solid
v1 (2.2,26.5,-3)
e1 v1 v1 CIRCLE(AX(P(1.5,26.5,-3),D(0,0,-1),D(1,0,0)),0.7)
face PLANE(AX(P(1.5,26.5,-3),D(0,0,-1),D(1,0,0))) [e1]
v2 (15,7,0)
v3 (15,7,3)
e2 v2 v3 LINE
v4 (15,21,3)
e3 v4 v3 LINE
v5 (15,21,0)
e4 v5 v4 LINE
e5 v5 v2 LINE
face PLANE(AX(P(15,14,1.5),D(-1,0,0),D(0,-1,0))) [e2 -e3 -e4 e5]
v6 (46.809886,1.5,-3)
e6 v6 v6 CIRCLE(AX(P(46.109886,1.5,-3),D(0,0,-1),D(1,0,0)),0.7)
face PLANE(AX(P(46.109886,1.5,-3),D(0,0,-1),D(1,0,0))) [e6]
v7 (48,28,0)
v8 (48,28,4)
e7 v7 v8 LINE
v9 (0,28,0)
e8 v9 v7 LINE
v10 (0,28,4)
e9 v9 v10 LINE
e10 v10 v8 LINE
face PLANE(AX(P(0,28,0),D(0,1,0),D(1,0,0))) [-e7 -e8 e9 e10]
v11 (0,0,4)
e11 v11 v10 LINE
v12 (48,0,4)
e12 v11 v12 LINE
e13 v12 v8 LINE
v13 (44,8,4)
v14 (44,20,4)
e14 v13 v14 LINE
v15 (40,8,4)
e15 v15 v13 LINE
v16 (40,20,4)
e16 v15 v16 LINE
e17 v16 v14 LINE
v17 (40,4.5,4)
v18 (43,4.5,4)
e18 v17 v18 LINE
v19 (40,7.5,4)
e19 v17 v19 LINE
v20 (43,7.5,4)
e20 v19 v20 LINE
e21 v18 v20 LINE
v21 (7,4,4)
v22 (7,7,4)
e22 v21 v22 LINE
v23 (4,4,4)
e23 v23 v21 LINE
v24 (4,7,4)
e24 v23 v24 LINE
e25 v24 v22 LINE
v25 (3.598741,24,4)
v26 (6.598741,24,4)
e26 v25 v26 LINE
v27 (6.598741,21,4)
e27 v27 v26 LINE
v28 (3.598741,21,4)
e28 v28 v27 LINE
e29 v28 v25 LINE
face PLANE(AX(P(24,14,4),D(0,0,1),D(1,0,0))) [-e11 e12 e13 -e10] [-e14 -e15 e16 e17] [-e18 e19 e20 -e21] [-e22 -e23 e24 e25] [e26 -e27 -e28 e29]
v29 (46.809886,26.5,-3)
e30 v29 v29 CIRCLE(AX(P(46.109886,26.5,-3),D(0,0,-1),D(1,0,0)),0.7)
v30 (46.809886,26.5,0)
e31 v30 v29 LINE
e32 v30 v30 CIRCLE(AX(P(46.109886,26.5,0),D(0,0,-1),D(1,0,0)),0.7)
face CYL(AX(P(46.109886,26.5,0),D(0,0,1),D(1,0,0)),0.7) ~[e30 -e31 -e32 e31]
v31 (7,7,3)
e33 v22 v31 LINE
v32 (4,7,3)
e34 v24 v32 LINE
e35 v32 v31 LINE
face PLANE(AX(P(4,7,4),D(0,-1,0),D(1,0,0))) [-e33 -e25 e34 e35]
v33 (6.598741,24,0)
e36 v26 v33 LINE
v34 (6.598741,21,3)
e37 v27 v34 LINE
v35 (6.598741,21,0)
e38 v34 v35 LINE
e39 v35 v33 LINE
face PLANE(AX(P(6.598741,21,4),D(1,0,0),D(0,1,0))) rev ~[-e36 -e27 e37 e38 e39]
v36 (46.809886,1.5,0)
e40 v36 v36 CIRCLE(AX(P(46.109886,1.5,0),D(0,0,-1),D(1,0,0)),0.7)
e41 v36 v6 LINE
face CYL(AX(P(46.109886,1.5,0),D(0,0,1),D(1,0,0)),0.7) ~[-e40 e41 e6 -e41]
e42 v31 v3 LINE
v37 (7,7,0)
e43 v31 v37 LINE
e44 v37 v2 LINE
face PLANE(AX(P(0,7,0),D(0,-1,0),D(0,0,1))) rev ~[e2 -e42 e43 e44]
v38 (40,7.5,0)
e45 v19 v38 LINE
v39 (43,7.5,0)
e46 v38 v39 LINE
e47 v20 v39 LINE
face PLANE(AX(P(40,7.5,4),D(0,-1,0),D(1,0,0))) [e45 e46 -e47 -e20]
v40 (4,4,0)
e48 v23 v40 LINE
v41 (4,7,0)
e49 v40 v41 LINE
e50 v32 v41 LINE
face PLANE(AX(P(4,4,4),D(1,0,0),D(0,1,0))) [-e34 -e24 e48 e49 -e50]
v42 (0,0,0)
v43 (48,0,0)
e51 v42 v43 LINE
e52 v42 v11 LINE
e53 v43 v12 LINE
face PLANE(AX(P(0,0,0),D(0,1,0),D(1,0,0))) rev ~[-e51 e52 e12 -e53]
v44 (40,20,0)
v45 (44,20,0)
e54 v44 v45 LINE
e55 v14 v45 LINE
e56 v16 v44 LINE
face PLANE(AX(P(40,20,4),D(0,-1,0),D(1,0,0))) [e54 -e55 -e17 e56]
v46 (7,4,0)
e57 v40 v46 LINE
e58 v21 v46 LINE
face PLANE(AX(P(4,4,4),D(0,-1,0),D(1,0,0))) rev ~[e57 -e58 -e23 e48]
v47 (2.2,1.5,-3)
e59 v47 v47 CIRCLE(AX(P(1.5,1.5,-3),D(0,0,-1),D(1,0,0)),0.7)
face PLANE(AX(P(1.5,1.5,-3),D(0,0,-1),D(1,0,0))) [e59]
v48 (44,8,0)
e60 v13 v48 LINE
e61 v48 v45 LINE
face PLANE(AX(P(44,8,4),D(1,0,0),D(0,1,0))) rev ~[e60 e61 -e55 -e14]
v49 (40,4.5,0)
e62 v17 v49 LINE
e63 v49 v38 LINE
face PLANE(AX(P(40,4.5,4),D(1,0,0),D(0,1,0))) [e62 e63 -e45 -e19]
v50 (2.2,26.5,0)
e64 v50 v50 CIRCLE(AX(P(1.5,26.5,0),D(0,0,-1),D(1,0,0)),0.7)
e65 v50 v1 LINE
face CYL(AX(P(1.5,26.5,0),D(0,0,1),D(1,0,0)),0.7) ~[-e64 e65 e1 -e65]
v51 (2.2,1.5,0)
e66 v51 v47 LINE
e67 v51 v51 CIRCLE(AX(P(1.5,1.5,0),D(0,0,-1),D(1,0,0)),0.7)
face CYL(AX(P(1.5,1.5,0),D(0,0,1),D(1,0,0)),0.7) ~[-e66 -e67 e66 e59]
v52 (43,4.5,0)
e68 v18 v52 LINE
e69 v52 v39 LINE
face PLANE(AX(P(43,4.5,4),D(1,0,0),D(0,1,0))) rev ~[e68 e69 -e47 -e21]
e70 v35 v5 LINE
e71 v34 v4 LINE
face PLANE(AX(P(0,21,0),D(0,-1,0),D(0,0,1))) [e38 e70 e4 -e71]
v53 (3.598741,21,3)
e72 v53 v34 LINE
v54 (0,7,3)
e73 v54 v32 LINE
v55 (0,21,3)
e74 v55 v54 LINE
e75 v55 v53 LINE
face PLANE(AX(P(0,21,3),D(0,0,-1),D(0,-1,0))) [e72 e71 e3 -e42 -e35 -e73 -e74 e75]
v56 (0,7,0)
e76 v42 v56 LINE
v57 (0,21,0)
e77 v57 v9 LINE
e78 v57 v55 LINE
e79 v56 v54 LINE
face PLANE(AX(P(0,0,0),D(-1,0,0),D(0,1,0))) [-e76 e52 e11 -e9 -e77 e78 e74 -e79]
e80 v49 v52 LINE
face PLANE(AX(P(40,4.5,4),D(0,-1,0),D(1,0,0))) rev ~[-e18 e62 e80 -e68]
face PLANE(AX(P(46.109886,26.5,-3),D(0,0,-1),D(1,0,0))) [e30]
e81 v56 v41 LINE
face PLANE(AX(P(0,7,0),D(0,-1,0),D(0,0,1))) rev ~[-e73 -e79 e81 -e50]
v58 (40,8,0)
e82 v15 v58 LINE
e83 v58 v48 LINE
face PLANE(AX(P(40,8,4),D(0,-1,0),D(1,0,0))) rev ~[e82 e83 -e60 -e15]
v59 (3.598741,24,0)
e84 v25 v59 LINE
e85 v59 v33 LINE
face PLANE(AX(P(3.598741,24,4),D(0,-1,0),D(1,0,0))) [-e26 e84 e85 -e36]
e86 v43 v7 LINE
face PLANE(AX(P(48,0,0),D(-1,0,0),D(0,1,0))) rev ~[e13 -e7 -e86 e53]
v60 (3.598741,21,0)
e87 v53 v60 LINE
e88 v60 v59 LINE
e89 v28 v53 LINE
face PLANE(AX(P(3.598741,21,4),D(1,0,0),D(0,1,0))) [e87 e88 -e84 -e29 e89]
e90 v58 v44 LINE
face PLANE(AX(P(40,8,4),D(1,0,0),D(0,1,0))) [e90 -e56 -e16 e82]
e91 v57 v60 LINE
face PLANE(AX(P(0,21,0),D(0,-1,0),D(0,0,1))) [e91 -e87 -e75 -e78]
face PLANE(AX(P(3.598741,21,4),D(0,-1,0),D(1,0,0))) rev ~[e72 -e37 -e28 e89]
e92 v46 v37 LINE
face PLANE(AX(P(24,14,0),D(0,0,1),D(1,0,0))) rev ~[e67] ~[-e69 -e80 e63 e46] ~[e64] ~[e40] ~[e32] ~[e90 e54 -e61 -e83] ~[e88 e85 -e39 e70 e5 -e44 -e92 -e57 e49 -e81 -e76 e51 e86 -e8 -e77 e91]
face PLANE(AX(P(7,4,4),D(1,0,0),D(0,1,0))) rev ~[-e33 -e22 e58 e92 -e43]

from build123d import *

# Parameters (mm, degrees)
SKETCH_W        = 48
SKETCH_H        = 28
PAD_DEPTH       = 4
SKETCH001_W     = 14
SKETCH001_H     = 3
POCKET_DEPTH    = 15
SKETCH002_W     = 4
SKETCH002_H     = 12
SKETCH002_W_2   = 3
SKETCH002_H_2   = 3
POCKET001_DEPTH = 4.001
SKETCH003_R     = 0.7
PAD001_DEPTH    = 3


with BuildPart() as part:
    # Sketch → Pad (new body)
    with BuildSketch(Plane.XY):
        with Locations((24, 14)):
            Rectangle(SKETCH_W, SKETCH_H)
    extrude(amount=PAD_DEPTH)

    # Sketch001 → Pocket (cut)
    with BuildSketch(Plane(origin=(0, 0, 0), x_dir=(0, -1, 0), z_dir=(-1, 0, 0))):
        with Locations((-14, 1.5)):
            Rectangle(SKETCH001_W, SKETCH001_H)
    extrude(amount=-POCKET_DEPTH, mode=Mode.SUBTRACT)

    # Sketch002 → Pocket001 (cut, through all)
    with BuildSketch(Plane.XY.offset(4)):
        with Locations((42, 14)):
            Rectangle(SKETCH002_W, SKETCH002_H)
        with Locations((41.5, 6)):
            Rectangle(SKETCH002_W_2, SKETCH002_H_2)
        with Locations((5.5, 5.5)):
            Rectangle(SKETCH002_W_2, SKETCH002_H_2)
        with Locations((5.098741, 22.5)):
            Rectangle(SKETCH002_W_2, SKETCH002_H_2)
    extrude(amount=-POCKET001_DEPTH, mode=Mode.SUBTRACT)

    # Sketch003 → Pad001 (new body)
    with BuildSketch(Plane(origin=(0, 0, 0), x_dir=(1, 0, 0), z_dir=(0, 0, -1))):
        with Locations((1.5, -1.5)):
            Circle(SKETCH003_R)
        with Locations((1.5, -26.5)):
            Circle(SKETCH003_R)
        with Locations((46.109886, -26.5)):
            Circle(SKETCH003_R)
        with Locations((46.109886, -1.5)):
            Circle(SKETCH003_R)
    extrude(amount=PAD001_DEPTH)


solid = part.part
